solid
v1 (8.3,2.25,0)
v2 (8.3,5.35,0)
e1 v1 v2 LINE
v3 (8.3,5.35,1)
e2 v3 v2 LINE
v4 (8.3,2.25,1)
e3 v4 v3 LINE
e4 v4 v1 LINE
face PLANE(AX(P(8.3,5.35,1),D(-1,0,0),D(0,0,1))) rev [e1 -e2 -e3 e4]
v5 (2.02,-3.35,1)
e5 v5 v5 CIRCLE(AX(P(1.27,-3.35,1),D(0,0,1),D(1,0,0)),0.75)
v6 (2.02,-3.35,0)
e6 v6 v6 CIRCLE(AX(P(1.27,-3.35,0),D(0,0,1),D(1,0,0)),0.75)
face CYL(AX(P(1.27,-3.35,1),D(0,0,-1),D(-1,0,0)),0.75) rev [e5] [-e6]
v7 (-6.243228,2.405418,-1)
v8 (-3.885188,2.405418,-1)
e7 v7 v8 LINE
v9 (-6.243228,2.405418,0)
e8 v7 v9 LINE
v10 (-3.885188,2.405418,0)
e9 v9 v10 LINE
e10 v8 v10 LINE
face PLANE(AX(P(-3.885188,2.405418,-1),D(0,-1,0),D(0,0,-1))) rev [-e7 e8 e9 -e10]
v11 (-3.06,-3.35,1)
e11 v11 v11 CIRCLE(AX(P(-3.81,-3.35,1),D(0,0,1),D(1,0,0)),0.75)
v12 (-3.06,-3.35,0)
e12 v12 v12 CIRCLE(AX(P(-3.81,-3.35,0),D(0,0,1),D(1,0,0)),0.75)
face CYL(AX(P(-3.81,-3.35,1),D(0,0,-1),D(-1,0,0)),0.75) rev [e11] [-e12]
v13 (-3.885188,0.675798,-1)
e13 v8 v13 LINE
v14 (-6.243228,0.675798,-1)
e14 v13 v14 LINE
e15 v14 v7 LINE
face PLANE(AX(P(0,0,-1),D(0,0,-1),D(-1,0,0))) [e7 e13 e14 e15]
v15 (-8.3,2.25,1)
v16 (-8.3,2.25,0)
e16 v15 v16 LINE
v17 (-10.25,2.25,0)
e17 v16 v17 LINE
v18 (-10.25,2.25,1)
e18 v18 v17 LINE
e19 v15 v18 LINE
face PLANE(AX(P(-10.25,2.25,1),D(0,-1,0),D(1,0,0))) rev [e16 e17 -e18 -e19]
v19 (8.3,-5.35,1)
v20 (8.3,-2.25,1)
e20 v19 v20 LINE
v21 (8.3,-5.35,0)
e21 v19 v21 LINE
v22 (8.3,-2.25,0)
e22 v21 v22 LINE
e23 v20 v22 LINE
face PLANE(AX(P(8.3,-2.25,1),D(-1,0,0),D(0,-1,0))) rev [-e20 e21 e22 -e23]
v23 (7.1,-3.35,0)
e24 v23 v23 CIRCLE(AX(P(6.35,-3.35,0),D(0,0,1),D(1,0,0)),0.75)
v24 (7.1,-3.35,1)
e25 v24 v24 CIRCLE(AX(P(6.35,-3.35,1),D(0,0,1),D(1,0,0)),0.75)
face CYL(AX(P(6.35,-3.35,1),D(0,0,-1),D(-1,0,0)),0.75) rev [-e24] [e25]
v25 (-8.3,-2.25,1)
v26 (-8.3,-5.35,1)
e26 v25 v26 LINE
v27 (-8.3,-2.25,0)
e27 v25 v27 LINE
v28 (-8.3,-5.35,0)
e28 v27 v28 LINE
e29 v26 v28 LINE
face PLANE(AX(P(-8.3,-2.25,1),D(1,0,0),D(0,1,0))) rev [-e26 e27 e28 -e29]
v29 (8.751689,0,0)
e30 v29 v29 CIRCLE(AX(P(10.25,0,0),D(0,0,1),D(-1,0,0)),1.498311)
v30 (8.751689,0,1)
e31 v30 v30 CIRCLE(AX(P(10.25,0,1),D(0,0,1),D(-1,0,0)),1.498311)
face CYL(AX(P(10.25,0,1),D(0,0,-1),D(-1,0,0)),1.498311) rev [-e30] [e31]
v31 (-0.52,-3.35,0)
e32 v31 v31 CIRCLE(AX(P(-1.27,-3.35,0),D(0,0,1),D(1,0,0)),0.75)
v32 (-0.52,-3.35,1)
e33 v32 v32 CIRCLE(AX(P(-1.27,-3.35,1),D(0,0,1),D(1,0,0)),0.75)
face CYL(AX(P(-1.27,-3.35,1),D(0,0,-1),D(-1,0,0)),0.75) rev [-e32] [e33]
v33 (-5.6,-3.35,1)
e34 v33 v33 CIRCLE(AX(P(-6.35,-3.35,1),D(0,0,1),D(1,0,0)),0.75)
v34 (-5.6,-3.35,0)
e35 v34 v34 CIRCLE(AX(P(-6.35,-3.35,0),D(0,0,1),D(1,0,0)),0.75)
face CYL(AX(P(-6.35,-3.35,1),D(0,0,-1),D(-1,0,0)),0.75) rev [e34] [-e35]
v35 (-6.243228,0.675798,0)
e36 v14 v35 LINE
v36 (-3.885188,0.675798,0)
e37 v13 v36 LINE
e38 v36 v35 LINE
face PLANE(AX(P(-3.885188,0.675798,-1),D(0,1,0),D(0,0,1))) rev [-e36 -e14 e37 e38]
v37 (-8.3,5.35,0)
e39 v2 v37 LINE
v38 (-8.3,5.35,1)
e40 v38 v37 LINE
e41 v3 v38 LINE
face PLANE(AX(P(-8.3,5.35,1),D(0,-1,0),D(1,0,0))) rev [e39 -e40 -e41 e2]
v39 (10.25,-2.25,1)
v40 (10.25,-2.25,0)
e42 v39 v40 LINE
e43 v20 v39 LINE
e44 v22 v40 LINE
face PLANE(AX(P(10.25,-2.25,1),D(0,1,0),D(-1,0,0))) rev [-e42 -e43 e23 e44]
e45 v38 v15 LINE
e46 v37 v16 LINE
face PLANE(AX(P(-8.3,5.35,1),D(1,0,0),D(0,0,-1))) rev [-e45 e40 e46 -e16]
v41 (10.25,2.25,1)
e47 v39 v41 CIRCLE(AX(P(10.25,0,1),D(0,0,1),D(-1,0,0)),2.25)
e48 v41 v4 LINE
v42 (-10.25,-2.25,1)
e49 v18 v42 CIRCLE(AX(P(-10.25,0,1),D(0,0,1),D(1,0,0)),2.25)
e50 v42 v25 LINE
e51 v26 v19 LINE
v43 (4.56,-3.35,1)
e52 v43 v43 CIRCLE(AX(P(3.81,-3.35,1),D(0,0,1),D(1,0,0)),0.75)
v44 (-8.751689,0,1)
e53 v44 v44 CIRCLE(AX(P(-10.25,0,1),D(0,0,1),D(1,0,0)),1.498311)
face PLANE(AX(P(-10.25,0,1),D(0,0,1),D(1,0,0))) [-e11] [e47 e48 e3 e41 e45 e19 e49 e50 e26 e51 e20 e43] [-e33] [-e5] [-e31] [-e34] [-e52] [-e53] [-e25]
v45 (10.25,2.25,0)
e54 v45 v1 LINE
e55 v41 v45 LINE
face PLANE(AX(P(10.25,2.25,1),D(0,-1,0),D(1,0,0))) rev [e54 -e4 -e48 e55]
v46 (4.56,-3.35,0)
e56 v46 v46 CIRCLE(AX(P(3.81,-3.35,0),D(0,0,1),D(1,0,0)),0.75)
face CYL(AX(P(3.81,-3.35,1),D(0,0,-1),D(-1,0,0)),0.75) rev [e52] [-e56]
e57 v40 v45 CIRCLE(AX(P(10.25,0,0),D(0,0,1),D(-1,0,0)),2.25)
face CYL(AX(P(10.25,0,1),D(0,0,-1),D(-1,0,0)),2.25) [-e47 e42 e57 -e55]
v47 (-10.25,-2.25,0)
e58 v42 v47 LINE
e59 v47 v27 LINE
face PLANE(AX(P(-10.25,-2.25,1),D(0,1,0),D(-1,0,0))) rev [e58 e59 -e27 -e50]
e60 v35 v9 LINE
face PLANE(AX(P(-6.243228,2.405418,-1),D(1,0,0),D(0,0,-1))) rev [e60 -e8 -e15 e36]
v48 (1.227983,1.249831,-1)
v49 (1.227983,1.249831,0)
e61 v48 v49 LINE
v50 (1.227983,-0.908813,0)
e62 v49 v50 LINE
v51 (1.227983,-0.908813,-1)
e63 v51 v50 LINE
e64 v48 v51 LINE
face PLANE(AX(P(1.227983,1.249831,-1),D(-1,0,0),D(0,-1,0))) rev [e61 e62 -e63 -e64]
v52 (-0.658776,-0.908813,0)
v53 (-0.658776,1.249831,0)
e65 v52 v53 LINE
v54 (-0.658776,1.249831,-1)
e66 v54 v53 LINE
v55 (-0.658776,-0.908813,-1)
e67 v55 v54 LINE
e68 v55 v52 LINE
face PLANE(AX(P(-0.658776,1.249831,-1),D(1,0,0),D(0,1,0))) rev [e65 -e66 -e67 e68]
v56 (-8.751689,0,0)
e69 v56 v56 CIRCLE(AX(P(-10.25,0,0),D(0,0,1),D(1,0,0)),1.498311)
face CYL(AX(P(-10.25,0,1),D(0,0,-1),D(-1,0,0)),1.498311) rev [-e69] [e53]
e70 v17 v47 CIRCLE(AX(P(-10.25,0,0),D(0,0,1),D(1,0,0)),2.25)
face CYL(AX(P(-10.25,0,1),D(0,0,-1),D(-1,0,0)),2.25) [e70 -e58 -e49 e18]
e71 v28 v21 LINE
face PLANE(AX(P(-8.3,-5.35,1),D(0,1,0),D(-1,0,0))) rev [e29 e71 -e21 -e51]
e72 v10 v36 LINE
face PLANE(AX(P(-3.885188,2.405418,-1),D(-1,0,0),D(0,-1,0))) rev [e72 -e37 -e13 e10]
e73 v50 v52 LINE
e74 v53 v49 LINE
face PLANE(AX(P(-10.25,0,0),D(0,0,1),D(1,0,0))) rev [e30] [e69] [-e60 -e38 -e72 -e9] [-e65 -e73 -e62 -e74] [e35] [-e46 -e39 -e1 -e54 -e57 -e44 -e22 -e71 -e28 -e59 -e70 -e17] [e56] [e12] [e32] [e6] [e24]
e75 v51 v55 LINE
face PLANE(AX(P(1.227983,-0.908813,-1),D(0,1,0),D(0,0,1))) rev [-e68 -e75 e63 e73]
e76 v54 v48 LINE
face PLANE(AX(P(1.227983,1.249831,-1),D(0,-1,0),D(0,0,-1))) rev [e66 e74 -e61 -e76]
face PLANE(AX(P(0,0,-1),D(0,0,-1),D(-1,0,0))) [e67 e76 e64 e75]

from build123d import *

# Parameters (mm, degrees)
SKETCH_1_R      = 1.498311188
SKETCH_1_R_2    = 0.75
EXTRUDE_1_DEPTH = 1
SKETCH_3_W      = 1.886758636
SKETCH_3_H      = 2.158643663
SKETCH_3_W_2    = 2.358039665
SKETCH_3_H_2    = 1.729620016
EXTRUDE_2_DEPTH = 1


with BuildPart() as part:
    # 草图1 → 凸台-拉伸1 (new body)
    with BuildSketch(Plane.XY):
        with BuildLine():
            Line((-10.25, 2.25), (-8.3, 2.25))
            Line((-8.3, 2.25), (-8.3, 5.35))
            Line((-8.3, 5.35), (8.3, 5.35))
            Line((8.3, 5.35), (8.3, 2.25))
            Line((8.3, 2.25), (10.25, 2.25))
            ThreePointArc((10.25, 2.25), (12.5, 0), (10.25, -2.25))
            Line((10.25, -2.25), (8.3, -2.25))
            Line((8.3, -2.25), (8.3, -5.35))
            Line((8.3, -5.35), (-8.3, -5.35))
            Line((-8.3, -5.35), (-8.3, -2.25))
            Line((-8.3, -2.25), (-10.25, -2.25))
            ThreePointArc((-10.25, -2.25), (-12.5, 0), (-10.25, 2.25))
        make_face()
        with Locations((-10.25, 0)):
            Circle(SKETCH_1_R, mode=Mode.SUBTRACT)
        with Locations(Location((10.25, 0, 0), (0, 0, 180))):
            Circle(SKETCH_1_R, mode=Mode.SUBTRACT)
        with Locations((-6.35, -3.35)):
            Circle(SKETCH_1_R_2, mode=Mode.SUBTRACT)
        with Locations((-3.81, -3.35)):
            Circle(SKETCH_1_R_2, mode=Mode.SUBTRACT)
        with Locations((-1.27, -3.35)):
            Circle(SKETCH_1_R_2, mode=Mode.SUBTRACT)
        with Locations((1.27, -3.35)):
            Circle(SKETCH_1_R_2, mode=Mode.SUBTRACT)
        with Locations((3.81, -3.35)):
            Circle(SKETCH_1_R_2, mode=Mode.SUBTRACT)
        with Locations((6.35, -3.35)):
            Circle(SKETCH_1_R_2, mode=Mode.SUBTRACT)
    extrude(amount=EXTRUDE_1_DEPTH)

    # 草图3 → 凸台-拉伸2 (add)
    with BuildSketch(Plane(origin=(0, 0, 0), x_dir=(-1, 0, 0), z_dir=(0, 0, -1))):
        with Locations((-0.28460322, 0.170508759)):
            Rectangle(SKETCH_3_W, SKETCH_3_H)
        with Locations((5.064207673, 1.540607703)):
            Rectangle(SKETCH_3_W_2, SKETCH_3_H_2)
    extrude(amount=EXTRUDE_2_DEPTH)


solid = part.part
